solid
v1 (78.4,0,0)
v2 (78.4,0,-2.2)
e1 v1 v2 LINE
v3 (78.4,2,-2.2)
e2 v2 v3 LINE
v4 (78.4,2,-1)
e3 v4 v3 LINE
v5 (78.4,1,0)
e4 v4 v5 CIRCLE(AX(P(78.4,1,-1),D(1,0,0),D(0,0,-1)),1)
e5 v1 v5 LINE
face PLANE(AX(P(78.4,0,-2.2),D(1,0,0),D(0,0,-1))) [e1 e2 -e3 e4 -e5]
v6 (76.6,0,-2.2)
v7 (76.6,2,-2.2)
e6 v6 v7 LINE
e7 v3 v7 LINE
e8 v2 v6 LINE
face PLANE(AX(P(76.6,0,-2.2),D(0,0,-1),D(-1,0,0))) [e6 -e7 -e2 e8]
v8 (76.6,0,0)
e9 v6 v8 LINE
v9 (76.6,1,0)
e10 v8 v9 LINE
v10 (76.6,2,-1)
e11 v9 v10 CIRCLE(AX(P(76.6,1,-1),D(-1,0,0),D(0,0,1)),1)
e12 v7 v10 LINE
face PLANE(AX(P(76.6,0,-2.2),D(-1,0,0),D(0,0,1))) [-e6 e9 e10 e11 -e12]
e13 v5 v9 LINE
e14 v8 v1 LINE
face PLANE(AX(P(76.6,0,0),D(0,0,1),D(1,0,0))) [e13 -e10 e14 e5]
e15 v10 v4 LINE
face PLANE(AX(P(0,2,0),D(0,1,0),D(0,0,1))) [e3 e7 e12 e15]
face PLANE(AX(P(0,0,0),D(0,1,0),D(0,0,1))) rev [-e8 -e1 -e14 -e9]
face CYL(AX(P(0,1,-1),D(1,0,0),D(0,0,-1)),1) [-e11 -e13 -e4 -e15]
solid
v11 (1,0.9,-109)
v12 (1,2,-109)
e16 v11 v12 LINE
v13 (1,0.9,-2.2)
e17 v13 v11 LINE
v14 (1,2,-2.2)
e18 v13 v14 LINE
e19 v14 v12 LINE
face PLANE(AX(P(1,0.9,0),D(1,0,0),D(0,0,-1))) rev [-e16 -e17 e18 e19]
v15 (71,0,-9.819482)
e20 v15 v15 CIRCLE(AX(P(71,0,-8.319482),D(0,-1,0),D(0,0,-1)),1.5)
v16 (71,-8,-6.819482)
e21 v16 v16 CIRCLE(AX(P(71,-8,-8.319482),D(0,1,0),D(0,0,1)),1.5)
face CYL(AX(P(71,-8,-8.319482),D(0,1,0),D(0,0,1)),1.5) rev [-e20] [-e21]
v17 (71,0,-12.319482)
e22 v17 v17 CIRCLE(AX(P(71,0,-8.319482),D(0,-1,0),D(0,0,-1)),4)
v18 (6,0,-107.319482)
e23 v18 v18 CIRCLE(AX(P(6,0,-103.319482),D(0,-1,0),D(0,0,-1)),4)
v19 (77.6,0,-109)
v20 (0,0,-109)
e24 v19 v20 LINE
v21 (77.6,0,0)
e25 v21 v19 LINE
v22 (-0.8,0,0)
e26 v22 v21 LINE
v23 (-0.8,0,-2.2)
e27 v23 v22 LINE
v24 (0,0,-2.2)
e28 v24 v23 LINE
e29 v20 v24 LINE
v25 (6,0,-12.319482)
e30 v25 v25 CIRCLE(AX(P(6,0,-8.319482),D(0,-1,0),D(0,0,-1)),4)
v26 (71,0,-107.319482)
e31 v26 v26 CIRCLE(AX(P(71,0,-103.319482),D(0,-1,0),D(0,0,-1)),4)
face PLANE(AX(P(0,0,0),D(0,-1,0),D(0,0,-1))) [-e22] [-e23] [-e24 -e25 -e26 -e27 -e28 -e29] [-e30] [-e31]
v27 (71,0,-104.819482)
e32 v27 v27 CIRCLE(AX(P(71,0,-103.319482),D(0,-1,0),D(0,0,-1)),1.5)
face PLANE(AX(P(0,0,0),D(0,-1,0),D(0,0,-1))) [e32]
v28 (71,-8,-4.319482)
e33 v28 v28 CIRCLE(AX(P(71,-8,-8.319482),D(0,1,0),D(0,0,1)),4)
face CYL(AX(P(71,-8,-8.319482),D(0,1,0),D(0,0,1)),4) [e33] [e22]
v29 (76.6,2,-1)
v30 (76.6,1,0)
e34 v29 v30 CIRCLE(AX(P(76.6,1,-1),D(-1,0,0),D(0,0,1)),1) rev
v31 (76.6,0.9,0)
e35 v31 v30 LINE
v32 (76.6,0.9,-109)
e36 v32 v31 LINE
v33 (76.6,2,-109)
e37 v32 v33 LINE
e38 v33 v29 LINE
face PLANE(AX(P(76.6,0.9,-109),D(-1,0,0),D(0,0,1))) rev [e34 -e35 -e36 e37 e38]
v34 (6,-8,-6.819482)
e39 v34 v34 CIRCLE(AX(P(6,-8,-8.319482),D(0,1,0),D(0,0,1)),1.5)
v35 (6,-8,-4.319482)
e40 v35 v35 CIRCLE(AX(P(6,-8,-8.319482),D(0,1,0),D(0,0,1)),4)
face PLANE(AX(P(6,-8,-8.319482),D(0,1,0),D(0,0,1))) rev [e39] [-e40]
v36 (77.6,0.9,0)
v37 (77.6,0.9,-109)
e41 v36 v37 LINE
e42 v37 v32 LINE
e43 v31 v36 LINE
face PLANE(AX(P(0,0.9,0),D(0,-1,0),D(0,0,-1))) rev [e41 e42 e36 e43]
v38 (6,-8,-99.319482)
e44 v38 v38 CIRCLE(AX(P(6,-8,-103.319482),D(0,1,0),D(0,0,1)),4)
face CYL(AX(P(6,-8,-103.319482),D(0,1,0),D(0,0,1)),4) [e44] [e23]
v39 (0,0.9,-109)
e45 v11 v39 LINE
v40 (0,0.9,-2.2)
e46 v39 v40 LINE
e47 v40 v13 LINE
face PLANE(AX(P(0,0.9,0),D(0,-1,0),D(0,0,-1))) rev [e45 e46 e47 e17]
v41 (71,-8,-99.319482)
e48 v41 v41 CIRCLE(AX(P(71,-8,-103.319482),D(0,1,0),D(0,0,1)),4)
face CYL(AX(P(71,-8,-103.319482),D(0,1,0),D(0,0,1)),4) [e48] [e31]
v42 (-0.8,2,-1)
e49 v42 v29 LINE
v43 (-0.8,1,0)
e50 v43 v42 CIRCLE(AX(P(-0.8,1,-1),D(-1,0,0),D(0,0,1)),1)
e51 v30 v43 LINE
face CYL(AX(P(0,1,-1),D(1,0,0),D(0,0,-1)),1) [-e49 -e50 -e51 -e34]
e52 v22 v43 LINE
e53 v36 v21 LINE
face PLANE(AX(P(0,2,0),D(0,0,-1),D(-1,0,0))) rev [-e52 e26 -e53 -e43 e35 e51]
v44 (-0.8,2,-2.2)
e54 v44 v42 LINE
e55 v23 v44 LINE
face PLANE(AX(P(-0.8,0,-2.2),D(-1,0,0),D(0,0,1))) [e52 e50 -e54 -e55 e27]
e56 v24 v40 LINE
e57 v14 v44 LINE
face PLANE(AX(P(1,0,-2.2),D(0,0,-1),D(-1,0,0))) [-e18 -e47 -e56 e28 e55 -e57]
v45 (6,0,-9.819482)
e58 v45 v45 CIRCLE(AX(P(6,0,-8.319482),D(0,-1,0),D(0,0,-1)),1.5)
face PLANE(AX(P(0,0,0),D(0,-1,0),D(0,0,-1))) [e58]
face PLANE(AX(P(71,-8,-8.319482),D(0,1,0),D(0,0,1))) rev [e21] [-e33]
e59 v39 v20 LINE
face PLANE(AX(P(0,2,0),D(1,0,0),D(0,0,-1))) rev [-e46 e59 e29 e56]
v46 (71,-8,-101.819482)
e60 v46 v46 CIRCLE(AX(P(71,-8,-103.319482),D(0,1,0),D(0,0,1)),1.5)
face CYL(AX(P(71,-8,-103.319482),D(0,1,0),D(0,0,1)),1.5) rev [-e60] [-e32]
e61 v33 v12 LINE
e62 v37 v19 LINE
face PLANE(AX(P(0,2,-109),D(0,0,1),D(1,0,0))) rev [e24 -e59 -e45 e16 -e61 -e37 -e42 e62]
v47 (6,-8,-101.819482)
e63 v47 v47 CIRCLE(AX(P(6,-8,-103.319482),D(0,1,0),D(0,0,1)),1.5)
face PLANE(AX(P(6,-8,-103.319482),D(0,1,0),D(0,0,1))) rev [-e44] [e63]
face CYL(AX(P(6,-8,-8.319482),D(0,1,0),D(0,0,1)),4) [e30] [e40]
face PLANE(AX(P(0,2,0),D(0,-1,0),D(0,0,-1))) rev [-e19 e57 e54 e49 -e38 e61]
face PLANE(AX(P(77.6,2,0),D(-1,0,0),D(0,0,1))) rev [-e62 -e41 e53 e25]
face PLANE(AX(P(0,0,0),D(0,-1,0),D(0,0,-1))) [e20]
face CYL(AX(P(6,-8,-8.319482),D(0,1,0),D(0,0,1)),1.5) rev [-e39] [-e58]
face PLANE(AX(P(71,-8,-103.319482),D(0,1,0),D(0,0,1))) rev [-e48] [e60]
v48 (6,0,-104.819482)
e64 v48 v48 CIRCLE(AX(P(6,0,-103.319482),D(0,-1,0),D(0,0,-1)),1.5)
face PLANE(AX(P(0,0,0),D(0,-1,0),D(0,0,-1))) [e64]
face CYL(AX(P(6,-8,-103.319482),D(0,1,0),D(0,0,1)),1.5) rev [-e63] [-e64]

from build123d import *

# Parameters (mm, degrees)
SKETCH1_W           = 77.6
SKETCH1_H           = 109
BOSS_EXTRUDE1_DEPTH = 2
SKETCH2_W           = 1
SKETCH2_H           = 109
CUT_EXTRUDE1_DEPTH  = 1.1
SKETCH3_R           = 4
SKETCH3_R_2         = 1.5
BOSS_EXTRUDE2_DEPTH = 10
SKETCH4_W           = 1.8
SKETCH4_H           = 2.2
BOSS_EXTRUDE3_DEPTH = 2
SKETCH5_W           = 1.8
SKETCH5_H           = 2.2
BOSS_EXTRUDE4_DEPTH = 2
FILLET1_R           = 1
FILLET2_R           = 1


with BuildPart() as part:
    # Sketch1 → Boss-Extrude1 (new body)
    with BuildSketch(Plane(origin=(0, 0, 0), x_dir=(1, 0, 0), z_dir=(0, 1, 0))):
        with Locations((38.8, 54.5)):
            Rectangle(SKETCH1_W, SKETCH1_H)
    extrude(amount=BOSS_EXTRUDE1_DEPTH)

    # Sketch2 → Cut-Extrude1 (cut)
    with BuildSketch(Plane(origin=(0, 2, 0), x_dir=(1, 0, 0), z_dir=(0, 1, 0))):
        with Locations((77.1, 54.5)):
            Rectangle(SKETCH2_W, SKETCH2_H)
        with Locations((0.5, 54.5)):
            Rectangle(SKETCH2_W, SKETCH2_H)
    extrude(amount=-CUT_EXTRUDE1_DEPTH, mode=Mode.SUBTRACT)

    # Sketch3 → Boss-Extrude2 (add)
    with BuildSketch(Plane(origin=(0, 2, 0), x_dir=(1, 0, 0), z_dir=(0, 1, 0))):
        with Locations((6, 103.319481559)):
            Circle(SKETCH3_R)
        with Locations((6, 103.319481559)):
            Circle(SKETCH3_R_2, mode=Mode.SUBTRACT)
        with Locations((6, 8.319481559)):
            Circle(SKETCH3_R)
        with Locations((6, 8.319481559)):
            Circle(SKETCH3_R_2, mode=Mode.SUBTRACT)
        with Locations((71, 8.319481559)):
            Circle(SKETCH3_R)
        with Locations((71, 8.319481559)):
            Circle(SKETCH3_R_2, mode=Mode.SUBTRACT)
        with Locations((71, 103.319481559)):
            Circle(SKETCH3_R)
        with Locations((71, 103.319481559)):
            Circle(SKETCH3_R_2, mode=Mode.SUBTRACT)
    extrude(amount=-BOSS_EXTRUDE2_DEPTH)

    # Sketch4 → Boss-Extrude3 (add)
    with BuildSketch(Plane(origin=(0, 2, 0), x_dir=(1, 0, 0), z_dir=(0, 1, 0))):
        with Locations((0.1, 1.1)):
            Rectangle(SKETCH4_W, SKETCH4_H)
    extrude(amount=-BOSS_EXTRUDE3_DEPTH)

    # Fillet1
    fillet1_edges = [part.edges().sort_by_distance(p)[0] for p in [
        (37.9, 2, 0),
    ]]
    fillet(fillet1_edges, radius=FILLET1_R)


with BuildPart() as body_2:
    # Sketch5 → Boss-Extrude4 (new body)
    with BuildSketch(Plane(origin=(0, 2, 0), x_dir=(1, 0, 0), z_dir=(0, 1, 0))):
        with Locations((77.5, 1.1)):
            Rectangle(SKETCH5_W, SKETCH5_H)
    extrude(amount=-BOSS_EXTRUDE4_DEPTH)

    # Fillet2
    fillet2_edges = [body_2.edges().sort_by_distance(p)[0] for p in [
        (77.5, 2, 0),
    ]]
    fillet(fillet2_edges, radius=FILLET2_R)


solid = Compound([part.part, body_2.part])
